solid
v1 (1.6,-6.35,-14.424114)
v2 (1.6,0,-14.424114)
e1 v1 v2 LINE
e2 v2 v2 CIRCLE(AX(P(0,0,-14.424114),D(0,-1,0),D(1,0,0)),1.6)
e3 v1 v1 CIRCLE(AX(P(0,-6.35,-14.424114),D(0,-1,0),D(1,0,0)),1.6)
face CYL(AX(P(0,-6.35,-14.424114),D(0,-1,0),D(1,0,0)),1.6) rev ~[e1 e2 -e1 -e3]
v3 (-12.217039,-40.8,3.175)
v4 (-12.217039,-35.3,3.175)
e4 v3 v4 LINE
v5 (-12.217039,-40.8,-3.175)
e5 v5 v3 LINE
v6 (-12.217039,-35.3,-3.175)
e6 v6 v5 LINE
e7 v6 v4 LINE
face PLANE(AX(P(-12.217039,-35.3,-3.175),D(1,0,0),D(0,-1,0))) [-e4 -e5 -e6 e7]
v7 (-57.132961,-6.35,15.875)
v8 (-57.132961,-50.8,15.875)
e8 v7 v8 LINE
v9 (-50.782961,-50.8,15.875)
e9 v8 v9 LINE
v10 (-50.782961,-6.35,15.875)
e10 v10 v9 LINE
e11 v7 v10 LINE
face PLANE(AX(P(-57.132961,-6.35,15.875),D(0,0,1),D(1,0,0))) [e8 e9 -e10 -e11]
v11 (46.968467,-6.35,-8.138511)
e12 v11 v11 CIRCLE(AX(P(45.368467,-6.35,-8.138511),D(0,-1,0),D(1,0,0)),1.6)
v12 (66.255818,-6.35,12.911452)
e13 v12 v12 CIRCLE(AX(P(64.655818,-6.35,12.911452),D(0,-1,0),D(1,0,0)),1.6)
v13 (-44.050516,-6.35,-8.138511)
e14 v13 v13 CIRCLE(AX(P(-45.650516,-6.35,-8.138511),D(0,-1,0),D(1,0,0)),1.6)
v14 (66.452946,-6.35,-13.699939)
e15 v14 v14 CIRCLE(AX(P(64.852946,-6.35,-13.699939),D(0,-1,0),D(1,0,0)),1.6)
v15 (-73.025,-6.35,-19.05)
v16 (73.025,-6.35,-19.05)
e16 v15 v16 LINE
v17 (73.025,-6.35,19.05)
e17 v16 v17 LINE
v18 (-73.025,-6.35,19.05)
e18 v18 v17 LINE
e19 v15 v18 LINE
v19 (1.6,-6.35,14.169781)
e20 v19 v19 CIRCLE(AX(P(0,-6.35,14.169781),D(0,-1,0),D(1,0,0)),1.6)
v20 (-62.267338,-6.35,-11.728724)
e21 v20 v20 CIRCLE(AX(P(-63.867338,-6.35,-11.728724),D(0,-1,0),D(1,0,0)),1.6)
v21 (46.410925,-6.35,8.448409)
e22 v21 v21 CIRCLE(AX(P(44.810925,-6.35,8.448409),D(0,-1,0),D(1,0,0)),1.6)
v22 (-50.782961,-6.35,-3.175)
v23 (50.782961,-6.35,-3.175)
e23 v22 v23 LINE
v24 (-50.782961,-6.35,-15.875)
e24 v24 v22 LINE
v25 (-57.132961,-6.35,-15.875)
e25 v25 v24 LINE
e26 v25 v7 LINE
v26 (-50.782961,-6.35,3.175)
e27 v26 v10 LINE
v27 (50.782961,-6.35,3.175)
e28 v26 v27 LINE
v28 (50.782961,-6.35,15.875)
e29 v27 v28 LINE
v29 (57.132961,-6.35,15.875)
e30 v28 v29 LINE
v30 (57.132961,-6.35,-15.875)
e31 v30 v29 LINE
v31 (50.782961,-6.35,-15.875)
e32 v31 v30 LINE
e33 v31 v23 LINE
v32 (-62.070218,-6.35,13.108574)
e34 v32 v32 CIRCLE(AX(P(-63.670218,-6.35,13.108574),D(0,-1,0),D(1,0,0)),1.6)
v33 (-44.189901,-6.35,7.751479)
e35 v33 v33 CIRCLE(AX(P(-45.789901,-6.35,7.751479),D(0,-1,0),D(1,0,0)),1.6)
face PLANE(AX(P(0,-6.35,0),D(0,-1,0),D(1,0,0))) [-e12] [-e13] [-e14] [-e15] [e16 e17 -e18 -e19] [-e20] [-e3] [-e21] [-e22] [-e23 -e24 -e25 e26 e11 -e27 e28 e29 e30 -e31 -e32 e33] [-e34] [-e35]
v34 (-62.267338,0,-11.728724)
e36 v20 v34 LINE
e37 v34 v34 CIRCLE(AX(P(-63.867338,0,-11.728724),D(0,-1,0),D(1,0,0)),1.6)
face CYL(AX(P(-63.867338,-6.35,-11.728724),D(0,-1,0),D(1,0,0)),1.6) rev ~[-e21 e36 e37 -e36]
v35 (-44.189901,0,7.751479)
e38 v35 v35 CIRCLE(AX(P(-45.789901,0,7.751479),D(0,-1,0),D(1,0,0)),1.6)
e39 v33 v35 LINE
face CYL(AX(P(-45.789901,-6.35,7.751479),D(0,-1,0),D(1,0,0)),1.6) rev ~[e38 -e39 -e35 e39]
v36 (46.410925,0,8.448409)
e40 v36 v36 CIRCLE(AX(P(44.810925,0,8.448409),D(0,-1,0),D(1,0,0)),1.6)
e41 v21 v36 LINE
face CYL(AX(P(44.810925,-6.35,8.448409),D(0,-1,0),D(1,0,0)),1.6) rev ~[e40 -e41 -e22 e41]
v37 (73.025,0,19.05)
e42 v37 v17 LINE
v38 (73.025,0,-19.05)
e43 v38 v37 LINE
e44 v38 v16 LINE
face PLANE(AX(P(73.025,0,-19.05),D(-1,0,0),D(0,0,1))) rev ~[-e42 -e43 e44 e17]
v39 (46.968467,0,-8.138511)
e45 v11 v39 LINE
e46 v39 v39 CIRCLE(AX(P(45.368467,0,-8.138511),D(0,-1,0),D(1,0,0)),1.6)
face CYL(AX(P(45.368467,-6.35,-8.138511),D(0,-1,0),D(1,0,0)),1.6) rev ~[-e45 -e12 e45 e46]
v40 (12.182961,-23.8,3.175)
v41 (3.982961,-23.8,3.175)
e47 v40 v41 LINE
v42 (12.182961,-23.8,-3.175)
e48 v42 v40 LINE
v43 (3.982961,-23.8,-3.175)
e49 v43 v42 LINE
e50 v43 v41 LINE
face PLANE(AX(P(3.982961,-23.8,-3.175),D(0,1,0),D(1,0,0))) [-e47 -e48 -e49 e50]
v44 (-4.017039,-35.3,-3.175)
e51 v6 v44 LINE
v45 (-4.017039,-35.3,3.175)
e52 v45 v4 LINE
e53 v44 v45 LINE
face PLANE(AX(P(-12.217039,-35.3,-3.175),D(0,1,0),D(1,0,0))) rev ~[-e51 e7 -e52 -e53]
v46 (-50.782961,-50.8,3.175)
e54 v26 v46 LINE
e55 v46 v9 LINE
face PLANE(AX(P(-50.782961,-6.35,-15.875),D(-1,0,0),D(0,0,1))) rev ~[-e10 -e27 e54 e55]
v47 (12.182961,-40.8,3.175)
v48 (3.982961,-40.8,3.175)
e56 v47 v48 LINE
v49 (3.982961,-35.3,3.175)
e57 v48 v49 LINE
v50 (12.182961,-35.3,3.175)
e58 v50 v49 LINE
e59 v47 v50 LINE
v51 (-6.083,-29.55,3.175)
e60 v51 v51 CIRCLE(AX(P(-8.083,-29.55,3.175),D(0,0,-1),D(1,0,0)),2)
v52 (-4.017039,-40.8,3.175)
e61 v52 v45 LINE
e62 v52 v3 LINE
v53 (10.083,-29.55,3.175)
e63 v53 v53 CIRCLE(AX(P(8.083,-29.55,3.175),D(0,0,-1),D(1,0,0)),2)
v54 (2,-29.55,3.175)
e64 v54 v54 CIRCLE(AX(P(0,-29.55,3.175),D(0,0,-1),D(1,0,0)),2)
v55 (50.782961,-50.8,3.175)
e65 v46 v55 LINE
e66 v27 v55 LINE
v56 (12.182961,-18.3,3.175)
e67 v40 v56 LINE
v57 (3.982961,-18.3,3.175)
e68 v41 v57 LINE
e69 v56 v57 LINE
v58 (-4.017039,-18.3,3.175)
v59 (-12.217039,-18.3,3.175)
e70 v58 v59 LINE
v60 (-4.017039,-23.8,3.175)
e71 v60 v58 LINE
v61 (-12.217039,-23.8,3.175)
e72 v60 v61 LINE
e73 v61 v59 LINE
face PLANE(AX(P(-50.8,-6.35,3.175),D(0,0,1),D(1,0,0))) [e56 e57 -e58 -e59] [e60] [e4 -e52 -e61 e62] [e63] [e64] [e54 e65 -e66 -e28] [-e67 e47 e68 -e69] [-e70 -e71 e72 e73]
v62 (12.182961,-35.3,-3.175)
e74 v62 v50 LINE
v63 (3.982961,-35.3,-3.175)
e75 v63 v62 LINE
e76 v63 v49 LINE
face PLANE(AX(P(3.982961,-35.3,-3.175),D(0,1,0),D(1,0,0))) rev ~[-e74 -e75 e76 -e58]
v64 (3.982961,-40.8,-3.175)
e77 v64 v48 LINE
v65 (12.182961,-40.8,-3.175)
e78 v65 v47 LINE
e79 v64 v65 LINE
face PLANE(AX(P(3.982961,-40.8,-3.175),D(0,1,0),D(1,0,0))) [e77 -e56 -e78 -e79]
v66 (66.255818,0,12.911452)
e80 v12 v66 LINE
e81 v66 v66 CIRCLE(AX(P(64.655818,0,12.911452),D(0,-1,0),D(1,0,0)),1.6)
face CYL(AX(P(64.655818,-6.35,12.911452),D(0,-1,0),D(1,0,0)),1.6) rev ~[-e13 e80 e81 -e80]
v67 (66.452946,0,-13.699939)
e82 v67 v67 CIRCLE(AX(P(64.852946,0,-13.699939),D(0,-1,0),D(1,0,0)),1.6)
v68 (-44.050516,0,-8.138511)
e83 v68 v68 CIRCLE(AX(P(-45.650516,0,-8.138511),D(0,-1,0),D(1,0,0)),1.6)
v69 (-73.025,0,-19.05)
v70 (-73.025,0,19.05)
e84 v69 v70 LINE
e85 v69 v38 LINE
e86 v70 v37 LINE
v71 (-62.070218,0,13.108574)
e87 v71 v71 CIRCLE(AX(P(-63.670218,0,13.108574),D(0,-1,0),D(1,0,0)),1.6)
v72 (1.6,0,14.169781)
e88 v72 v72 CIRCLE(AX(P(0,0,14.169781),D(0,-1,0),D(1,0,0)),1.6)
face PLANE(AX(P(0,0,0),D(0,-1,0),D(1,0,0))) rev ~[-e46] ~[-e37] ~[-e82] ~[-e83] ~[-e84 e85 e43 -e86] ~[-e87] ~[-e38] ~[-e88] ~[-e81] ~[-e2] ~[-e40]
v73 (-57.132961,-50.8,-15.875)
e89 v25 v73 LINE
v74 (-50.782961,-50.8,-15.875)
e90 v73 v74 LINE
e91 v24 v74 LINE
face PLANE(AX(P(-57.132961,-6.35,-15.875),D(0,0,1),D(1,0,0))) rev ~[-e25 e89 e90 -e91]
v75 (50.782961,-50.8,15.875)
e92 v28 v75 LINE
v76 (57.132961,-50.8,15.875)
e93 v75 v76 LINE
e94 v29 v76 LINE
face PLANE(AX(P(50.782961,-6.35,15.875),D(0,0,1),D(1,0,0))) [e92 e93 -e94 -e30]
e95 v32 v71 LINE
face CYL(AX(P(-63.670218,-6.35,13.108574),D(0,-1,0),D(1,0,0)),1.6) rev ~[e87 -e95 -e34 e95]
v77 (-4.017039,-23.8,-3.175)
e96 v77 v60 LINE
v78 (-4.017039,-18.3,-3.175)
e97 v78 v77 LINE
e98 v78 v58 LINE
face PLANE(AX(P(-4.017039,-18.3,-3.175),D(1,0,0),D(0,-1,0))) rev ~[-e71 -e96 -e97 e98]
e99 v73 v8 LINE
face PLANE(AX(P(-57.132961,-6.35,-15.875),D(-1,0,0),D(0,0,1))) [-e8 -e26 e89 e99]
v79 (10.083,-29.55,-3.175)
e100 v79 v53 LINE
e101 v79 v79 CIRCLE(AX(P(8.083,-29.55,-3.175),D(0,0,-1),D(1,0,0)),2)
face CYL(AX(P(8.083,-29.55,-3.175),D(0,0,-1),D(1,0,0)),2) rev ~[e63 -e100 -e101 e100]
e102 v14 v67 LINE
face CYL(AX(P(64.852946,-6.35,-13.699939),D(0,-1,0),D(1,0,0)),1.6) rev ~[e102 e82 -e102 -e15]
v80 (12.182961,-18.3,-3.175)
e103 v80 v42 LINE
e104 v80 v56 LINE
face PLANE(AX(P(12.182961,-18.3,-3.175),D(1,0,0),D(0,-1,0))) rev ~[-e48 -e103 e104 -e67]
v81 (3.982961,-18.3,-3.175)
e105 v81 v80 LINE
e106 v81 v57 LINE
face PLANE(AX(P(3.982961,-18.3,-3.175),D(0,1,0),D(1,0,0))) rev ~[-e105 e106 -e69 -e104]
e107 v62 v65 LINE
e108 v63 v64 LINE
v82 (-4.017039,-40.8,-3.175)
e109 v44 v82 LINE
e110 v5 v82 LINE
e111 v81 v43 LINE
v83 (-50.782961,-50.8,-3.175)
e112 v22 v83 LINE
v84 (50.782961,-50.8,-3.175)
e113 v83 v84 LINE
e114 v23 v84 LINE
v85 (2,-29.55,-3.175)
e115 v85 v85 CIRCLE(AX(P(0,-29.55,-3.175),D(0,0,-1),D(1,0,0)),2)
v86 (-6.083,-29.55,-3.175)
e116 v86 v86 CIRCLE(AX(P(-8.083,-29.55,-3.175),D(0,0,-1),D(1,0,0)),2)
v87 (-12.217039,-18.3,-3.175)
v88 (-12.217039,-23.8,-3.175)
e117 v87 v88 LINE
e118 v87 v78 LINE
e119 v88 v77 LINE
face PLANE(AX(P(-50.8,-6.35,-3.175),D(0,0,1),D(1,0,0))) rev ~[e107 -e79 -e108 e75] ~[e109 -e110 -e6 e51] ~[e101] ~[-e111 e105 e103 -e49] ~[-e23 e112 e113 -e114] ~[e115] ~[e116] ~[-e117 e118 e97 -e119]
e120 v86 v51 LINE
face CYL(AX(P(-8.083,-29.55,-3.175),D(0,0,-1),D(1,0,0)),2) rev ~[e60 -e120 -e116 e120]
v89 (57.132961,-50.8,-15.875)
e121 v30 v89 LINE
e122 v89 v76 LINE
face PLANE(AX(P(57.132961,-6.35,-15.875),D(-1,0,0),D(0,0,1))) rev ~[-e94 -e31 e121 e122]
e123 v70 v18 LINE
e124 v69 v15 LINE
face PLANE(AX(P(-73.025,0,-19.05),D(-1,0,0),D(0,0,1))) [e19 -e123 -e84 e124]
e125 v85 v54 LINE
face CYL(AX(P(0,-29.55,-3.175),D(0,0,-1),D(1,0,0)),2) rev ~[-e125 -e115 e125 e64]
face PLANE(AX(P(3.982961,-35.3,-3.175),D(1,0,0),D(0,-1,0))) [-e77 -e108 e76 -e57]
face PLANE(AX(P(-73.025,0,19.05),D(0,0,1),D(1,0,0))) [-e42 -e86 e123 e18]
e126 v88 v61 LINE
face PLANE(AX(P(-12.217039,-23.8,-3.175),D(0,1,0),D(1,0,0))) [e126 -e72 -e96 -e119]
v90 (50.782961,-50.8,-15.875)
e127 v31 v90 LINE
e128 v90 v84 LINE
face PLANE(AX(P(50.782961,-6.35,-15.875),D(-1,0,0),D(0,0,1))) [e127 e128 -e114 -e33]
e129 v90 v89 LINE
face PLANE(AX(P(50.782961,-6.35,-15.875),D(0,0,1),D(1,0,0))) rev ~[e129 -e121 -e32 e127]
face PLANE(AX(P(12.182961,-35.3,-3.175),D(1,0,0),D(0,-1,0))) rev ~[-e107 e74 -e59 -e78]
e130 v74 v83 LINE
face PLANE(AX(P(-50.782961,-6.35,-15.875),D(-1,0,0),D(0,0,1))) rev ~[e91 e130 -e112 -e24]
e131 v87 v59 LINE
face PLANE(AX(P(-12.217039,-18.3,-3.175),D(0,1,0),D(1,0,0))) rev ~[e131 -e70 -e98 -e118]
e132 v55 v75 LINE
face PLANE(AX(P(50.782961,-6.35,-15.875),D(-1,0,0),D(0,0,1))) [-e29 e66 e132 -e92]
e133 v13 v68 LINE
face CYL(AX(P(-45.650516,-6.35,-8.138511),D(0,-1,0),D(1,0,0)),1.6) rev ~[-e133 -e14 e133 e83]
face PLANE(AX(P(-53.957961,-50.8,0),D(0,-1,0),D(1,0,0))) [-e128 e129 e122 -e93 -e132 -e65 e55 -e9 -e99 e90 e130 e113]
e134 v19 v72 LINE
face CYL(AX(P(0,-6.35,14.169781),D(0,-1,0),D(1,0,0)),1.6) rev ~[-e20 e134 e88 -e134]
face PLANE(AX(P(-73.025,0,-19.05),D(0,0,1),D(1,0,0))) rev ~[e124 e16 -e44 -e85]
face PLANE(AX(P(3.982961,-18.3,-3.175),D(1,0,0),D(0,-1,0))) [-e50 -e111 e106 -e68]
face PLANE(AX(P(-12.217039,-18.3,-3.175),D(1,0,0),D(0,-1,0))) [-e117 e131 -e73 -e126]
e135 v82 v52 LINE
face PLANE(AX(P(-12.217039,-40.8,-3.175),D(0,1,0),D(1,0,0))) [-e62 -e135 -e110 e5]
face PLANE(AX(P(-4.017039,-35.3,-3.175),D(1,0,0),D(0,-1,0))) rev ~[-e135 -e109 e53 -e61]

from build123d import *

# Parameters (mm, degrees)
F0_W      = 146.05
F0_H      = 38.1
F1_DEPTH  = 6.35
F2_W      = 101.6
F2_H      = 6.35
F3_DEPTH  = 44.45
F4_W      = 6.35
F4_H      = 31.75
F5_DEPTH  = 44.45
F6_R      = 1.6
F7_DEPTH  = 6.351
F8_W      = 8.2
F8_H      = 5.5
F9_DEPTH  = 22.226
F10_R     = 2
F11_DEPTH = 22.226


with BuildPart() as f1:
    # F0 (on Front) → F1 (new body)
    with BuildSketch(Plane.XZ):
        Rectangle(F0_W, F0_H)
    extrude(amount=F1_DEPTH)

    # F2 (on face) → F3 (join)
    with BuildSketch(Plane.XZ.offset(6.35)):
        Rectangle(F2_W, F2_H)
    extrude(amount=F3_DEPTH)

    # F4 (on face) → F5 (join)
    with BuildSketch(Plane.XZ.offset(6.35)):
        with Locations((-53.957961, 0)):
            Rectangle(F4_W, F4_H)
        with Locations((53.957961, 0)):
            Rectangle(F4_W, F4_H)
    extrude(amount=F5_DEPTH)

    # F6 (on face) → F7 (cut, through all)
    with BuildSketch(Plane.XZ.offset(6.35)):
        with Locations((0, 14.169781)):
            Circle(F6_R)
        with Locations((44.810925, 8.448409)):
            Circle(F6_R)
        with Locations((64.655818, 12.911452)):
            Circle(F6_R)
        with Locations((64.852946, -13.699939)):
            Circle(F6_R)
        with Locations((45.368467, -8.138511)):
            Circle(F6_R)
        with Locations((0, -14.424114)):
            Circle(F6_R)
        with Locations((-45.650516, -8.138511)):
            Circle(F6_R)
        with Locations((-45.789901, 7.751479)):
            Circle(F6_R)
        with Locations((-63.670218, 13.108574)):
            Circle(F6_R)
        with Locations((-63.867338, -11.728724)):
            Circle(F6_R)
    extrude(amount=-F7_DEPTH, mode=Mode.SUBTRACT)

    # F8 (on face) → F9 (cut, through all)
    with BuildSketch(Plane(origin=(0, 0, -3.175), x_dir=(1, 0, 0), z_dir=(0, 0, -1))):
        with Locations((-8.117039, 38.05)):
            Rectangle(F8_W, F8_H)
        with Locations((8.082961, 38.05)):
            Rectangle(F8_W, F8_H)
        with Locations((-8.117039, 21.05)):
            Rectangle(F8_W, F8_H)
        with Locations((8.082961, 21.05)):
            Rectangle(F8_W, F8_H)
    extrude(amount=-F9_DEPTH, mode=Mode.SUBTRACT)

    # F10 (on face) → F11 (cut, through all)
    with BuildSketch(Plane(origin=(0, 0, -3.175), x_dir=(1, 0, 0), z_dir=(0, 0, -1))):
        with Locations((0, 29.55)):
            Circle(F10_R)
        with Locations((8.083, 29.55)):
            Circle(F10_R)
        with Locations((-8.083, 29.55)):
            Circle(F10_R)
    extrude(amount=-F11_DEPTH, mode=Mode.SUBTRACT)


solid = f1.part
